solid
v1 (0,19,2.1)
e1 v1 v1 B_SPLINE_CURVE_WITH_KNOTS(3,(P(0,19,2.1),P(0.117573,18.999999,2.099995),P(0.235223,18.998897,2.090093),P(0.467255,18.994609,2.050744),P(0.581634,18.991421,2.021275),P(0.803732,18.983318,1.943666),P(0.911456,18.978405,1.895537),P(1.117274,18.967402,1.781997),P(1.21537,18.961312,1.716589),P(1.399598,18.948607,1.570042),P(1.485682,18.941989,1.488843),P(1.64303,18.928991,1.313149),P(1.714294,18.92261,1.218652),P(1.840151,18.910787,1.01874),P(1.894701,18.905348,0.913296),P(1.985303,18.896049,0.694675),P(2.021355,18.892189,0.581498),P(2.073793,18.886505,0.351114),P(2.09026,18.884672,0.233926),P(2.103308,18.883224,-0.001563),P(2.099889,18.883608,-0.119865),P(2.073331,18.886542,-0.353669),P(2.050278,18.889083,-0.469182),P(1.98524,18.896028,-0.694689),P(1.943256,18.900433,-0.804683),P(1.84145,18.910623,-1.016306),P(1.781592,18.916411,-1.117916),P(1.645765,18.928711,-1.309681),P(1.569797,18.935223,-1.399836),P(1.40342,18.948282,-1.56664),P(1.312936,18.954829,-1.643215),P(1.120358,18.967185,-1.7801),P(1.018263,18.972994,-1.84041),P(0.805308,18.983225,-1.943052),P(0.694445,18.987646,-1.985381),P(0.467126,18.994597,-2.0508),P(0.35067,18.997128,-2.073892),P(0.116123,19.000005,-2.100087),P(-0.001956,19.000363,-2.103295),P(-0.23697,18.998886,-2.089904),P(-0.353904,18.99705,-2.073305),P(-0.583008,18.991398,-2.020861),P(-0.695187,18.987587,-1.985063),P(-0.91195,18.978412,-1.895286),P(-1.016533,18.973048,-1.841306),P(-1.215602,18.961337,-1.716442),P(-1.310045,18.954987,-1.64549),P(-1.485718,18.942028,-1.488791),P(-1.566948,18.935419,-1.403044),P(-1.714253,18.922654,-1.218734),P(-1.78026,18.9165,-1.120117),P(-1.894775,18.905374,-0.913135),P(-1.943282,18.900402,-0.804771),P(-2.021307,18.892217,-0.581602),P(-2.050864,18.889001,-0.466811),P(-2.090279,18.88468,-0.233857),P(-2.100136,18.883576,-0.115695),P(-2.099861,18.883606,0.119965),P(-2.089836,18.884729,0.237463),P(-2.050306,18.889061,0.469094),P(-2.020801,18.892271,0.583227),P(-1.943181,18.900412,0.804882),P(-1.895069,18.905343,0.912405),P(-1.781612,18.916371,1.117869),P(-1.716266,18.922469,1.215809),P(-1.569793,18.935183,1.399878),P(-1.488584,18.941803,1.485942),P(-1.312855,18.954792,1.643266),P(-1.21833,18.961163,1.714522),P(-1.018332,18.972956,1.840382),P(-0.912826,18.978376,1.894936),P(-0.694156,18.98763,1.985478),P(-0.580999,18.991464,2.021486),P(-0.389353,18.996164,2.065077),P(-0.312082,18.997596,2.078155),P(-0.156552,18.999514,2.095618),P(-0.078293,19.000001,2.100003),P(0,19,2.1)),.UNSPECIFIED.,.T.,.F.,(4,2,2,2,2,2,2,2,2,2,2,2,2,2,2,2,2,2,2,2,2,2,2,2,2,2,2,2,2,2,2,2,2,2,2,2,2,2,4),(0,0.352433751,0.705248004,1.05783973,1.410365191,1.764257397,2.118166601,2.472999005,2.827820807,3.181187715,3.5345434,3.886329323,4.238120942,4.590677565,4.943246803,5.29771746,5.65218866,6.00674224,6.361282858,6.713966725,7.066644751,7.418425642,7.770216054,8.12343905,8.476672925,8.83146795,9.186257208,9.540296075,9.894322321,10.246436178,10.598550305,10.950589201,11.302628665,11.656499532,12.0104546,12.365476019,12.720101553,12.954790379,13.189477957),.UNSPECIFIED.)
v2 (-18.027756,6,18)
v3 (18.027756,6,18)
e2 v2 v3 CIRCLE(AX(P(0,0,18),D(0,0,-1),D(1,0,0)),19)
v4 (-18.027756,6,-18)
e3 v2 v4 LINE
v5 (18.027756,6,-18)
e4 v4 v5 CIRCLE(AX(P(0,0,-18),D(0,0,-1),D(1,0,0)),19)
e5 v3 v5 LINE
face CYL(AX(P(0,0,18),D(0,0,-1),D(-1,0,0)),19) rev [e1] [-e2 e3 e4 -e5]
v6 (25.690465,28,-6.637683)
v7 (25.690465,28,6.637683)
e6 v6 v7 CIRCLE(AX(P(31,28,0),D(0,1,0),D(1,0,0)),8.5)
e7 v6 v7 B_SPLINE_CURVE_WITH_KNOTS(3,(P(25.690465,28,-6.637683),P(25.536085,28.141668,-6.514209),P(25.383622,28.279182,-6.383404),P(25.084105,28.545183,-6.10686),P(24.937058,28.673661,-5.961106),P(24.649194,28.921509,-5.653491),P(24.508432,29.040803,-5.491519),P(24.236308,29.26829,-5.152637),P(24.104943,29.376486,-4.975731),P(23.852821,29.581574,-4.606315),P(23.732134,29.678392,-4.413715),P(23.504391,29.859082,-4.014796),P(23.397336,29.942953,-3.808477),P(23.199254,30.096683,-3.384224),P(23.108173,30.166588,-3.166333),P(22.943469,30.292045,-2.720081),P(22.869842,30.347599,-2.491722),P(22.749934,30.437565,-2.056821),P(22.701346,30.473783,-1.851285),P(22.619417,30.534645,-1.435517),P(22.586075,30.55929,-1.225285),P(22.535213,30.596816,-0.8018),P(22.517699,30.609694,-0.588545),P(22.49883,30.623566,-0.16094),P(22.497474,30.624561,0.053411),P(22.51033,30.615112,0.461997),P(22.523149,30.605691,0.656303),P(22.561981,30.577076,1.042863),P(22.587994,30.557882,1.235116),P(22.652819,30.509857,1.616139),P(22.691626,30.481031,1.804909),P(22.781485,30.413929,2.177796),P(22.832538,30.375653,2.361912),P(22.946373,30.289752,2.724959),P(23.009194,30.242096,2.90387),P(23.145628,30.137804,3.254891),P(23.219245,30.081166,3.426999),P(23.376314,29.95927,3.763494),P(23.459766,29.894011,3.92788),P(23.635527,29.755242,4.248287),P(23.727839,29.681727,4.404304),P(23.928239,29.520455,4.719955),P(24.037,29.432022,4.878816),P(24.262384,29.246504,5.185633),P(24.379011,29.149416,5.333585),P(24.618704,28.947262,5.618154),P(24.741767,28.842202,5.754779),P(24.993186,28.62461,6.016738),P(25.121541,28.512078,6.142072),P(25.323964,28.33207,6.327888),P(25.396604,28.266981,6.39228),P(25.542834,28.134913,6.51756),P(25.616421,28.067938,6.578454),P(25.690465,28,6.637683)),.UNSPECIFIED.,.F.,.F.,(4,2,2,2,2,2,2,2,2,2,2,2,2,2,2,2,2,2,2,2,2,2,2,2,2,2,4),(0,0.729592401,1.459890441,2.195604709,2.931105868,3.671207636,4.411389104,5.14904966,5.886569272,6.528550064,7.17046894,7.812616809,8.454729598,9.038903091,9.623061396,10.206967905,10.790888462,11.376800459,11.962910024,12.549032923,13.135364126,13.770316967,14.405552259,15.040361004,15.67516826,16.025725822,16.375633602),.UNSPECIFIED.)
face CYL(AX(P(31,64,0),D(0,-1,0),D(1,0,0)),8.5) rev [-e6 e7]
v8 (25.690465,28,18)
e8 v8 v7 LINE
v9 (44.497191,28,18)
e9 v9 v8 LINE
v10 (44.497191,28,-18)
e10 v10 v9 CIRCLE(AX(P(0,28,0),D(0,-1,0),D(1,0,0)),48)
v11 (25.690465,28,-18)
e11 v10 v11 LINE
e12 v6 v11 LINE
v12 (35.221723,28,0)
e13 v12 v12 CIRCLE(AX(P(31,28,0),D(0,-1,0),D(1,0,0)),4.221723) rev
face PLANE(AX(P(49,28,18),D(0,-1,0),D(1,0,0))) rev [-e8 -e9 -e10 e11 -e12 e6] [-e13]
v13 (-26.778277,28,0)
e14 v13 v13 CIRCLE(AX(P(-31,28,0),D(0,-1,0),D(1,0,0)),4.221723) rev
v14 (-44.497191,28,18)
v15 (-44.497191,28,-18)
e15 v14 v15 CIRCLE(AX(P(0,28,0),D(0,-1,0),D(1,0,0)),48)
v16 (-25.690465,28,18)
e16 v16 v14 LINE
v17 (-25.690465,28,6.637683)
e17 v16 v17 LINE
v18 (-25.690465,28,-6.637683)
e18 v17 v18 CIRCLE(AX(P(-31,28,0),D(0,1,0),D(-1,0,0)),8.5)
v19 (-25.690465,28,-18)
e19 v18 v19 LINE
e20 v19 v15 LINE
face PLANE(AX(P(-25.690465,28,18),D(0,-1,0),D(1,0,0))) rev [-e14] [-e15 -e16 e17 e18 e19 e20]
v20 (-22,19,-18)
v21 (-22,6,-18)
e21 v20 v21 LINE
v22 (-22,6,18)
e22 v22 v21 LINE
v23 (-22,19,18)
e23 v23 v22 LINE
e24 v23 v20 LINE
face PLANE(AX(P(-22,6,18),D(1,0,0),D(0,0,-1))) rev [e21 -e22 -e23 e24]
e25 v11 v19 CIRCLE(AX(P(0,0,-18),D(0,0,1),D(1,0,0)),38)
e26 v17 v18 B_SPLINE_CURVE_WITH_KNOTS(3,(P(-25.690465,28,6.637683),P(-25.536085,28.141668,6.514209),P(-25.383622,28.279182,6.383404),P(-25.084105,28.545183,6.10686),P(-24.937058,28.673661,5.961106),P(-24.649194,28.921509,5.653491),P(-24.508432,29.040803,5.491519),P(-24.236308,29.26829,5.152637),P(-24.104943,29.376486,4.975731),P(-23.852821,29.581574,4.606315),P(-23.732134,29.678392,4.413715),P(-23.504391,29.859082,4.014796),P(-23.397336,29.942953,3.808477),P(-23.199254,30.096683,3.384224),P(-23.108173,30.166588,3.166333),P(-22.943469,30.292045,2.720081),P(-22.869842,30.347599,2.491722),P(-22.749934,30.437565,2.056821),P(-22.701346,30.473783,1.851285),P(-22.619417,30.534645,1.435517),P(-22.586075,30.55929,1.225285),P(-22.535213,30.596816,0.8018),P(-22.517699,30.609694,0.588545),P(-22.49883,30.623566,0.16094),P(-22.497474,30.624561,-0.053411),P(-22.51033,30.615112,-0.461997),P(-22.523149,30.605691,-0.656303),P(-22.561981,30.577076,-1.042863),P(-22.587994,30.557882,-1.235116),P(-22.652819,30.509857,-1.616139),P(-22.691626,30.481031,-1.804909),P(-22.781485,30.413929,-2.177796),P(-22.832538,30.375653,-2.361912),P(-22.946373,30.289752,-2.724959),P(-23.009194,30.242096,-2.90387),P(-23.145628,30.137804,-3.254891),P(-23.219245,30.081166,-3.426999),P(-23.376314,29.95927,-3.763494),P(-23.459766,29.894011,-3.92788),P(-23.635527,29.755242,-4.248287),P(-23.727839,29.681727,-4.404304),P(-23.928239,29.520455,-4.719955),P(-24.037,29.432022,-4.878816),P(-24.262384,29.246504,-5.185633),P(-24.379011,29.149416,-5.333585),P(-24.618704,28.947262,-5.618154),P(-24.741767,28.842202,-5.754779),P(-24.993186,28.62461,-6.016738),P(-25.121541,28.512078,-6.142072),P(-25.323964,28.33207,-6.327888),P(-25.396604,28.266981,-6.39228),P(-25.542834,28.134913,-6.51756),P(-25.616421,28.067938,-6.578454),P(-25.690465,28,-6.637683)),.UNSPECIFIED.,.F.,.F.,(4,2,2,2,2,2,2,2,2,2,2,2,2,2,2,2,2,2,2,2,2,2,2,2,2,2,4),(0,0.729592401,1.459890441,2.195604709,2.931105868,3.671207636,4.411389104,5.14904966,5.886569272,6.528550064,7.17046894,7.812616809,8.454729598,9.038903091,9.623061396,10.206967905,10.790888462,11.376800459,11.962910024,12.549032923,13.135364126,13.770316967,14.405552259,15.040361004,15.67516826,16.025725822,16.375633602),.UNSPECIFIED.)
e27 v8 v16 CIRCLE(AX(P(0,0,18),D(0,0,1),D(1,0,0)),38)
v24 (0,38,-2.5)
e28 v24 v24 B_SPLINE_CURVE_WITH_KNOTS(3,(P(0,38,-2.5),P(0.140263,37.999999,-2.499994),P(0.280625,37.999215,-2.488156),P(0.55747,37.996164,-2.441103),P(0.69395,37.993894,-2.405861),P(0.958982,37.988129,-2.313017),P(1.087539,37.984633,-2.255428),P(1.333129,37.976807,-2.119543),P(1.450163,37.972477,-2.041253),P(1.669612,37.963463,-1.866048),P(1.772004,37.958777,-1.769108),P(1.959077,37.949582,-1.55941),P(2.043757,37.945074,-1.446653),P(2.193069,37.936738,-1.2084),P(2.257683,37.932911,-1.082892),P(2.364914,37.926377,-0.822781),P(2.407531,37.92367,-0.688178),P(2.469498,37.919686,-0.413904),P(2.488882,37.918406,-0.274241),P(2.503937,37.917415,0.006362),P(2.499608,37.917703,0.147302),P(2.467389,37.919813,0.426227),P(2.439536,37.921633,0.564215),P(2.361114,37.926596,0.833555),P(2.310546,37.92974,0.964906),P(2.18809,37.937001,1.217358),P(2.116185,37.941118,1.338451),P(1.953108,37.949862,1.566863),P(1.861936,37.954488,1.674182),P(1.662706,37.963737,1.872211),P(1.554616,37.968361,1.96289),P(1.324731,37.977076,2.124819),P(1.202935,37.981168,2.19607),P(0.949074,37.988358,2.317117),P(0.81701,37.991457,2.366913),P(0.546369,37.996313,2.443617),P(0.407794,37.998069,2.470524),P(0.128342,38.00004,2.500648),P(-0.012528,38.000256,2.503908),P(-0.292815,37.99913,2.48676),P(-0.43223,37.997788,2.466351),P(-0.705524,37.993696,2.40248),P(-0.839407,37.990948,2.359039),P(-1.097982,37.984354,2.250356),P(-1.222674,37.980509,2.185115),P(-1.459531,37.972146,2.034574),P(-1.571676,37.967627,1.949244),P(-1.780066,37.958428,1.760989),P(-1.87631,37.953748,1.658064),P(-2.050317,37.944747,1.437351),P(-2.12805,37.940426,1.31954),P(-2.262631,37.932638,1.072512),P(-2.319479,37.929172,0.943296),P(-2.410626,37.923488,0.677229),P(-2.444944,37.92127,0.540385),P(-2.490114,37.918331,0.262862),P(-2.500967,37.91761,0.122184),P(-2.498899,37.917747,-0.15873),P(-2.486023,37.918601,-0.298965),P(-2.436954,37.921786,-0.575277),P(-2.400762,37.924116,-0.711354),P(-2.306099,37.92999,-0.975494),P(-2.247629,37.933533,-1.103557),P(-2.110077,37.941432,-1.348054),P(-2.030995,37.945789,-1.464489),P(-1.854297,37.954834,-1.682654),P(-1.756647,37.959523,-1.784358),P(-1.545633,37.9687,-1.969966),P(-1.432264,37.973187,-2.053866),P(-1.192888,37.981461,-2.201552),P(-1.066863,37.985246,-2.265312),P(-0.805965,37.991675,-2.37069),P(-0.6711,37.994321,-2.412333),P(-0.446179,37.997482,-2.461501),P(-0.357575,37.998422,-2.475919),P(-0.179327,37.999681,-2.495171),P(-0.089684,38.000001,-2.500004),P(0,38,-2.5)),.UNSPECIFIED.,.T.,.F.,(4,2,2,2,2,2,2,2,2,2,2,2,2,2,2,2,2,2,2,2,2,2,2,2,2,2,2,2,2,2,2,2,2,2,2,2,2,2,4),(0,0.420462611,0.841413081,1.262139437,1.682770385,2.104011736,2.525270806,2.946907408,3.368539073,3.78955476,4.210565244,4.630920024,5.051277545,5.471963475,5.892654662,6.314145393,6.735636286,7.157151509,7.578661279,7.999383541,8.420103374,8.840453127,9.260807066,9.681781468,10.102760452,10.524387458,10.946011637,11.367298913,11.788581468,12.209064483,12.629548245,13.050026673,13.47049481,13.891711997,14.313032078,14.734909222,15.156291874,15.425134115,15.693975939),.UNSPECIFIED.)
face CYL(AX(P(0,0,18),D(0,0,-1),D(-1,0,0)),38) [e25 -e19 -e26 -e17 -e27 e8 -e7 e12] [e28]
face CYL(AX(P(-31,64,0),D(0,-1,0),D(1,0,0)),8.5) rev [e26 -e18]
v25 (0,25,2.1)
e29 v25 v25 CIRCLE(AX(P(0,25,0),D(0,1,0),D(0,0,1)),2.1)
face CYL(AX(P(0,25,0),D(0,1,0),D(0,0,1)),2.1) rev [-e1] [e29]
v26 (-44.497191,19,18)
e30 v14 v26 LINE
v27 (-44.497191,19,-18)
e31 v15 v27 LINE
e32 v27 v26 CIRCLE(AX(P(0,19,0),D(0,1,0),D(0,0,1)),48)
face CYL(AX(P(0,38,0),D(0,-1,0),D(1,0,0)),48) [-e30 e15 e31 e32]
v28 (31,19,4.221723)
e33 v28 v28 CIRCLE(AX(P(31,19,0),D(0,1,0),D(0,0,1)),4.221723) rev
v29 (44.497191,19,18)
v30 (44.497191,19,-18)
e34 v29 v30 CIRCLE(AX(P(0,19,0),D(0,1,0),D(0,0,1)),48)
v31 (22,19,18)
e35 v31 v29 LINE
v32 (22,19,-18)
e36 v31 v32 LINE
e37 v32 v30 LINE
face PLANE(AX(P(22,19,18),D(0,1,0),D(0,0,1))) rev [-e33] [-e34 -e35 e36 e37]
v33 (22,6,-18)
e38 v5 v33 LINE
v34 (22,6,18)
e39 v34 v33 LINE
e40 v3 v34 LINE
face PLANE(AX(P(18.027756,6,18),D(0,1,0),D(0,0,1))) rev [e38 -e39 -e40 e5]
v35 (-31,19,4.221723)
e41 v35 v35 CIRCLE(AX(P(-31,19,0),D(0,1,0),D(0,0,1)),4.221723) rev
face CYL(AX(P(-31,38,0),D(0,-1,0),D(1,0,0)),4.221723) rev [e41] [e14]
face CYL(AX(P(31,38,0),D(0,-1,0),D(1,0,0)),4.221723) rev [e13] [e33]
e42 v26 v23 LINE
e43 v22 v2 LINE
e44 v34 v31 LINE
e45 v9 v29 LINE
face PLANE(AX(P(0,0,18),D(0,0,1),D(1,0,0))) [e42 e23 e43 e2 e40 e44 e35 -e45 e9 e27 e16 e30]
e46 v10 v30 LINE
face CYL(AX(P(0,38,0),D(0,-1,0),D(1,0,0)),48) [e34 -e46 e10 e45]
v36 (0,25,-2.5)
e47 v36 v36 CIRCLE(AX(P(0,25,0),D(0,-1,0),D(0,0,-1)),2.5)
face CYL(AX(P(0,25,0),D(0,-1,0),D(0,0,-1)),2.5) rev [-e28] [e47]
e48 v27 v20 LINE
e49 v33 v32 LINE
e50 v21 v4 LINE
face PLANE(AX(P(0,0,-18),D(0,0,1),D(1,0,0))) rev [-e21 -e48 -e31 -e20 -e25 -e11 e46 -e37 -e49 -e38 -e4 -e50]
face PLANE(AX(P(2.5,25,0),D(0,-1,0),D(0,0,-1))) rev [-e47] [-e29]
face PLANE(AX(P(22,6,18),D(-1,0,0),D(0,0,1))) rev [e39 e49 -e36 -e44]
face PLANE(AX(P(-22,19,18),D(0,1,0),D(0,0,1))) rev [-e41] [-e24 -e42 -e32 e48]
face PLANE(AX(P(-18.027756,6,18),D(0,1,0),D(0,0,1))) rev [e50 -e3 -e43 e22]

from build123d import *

# Parameters (mm, degrees)
BOSS_EXTRUDE1_DEPTH            = 18
CUT_EXTRUDE1_REACH             = 24
SKETCH2_R                      = 4.221723053
CUT_EXTRUDE1_DIRECTION_2_DEPTH = 11
SKETCH3_R                      = 8.5
CUT_EXTRUDE2_DEPTH             = 36
SKETCH18_W                     = 2.5
SKETCH18_H                     = 13
M5_TAPPED_HOLE1_D              = 4.2


with BuildPart() as part:
    # Sketch1 → Boss-Extrude1 (new body, symmetric)
    with BuildSketch(Plane.XY):
        with BuildLine():
            Line((18.027756377, 6), (22, 6))
            Line((22, 6), (22, 19))
            Line((22, 19), (49, 19))
            Line((49, 19), (49, 28))
            Line((49, 28), (25.690465157, 28))
            ThreePointArc((25.690465157, 28), (0, 38), (-25.690465157, 28))
            Line((-25.690465157, 28), (-49, 28))
            Line((-49, 28), (-49, 19))
            Line((-49, 19), (-22, 19))
            Line((-22, 19), (-22, 6))
            Line((-22, 6), (-18.027756377, 6))
            ThreePointArc((-18.027756377, 6), (0, 19), (18.027756377, 6))
        make_face()
    extrude(amount=BOSS_EXTRUDE1_DEPTH, both=True)

    # Sketch2 → Cut-Extrude1 (cut, up to next)
    with BuildSketch(Plane(origin=(0, 28, 0), x_dir=(1, 0, 0), z_dir=(0, 1, 0)), mode=Mode.PRIVATE) as cut_extrude1_sk1:
        with Locations((-31, 0)):
            Circle(SKETCH2_R)
    cut_extrude1_tool1 = extrude(cut_extrude1_sk1.sketch, amount=-CUT_EXTRUDE1_REACH, mode=Mode.PRIVATE) & part.part
    add(cut_extrude1_tool1.solids().sort_by_distance((-31, 28, 0))[0], mode=Mode.SUBTRACT)
    # Sketch2 → Cut-Extrude1 (cut, up to next)
    with BuildSketch(Plane(origin=(0, 28, 0), x_dir=(1, 0, 0), z_dir=(0, 1, 0)), mode=Mode.PRIVATE) as cut_extrude1_sk2:
        with Locations((31, 0)):
            Circle(SKETCH2_R)
    cut_extrude1_tool2 = extrude(cut_extrude1_sk2.sketch, amount=-CUT_EXTRUDE1_REACH, mode=Mode.PRIVATE) & part.part
    add(cut_extrude1_tool2.solids().sort_by_distance((31, 28, 0))[0], mode=Mode.SUBTRACT)
    # Sketch2 → Cut-Extrude1 (cut, up to next)
    with BuildSketch(Plane(origin=(0, 28, 0), x_dir=(1, 0, 0), z_dir=(0, 1, 0)), mode=Mode.PRIVATE) as cut_extrude1_sk3:
        with BuildLine():
            Line((-44.497190923, 18), (-49, 18))
            Line((-49, 18), (-49, -18))
            Line((-49, -18), (-44.497190923, -18))
            ThreePointArc((-44.497190923, -18), (-48, 0), (-44.497190923, 18))
        make_face()
    cut_extrude1_tool3 = extrude(cut_extrude1_sk3.sketch, amount=-CUT_EXTRUDE1_REACH, mode=Mode.PRIVATE) & part.part
    add(cut_extrude1_tool3.solids().sort_by_distance((-48.362805, 28, 0))[0], mode=Mode.SUBTRACT)
    # Sketch2 → Cut-Extrude1 (cut, up to next)
    with BuildSketch(Plane(origin=(0, 28, 0), x_dir=(1, 0, 0), z_dir=(0, 1, 0)), mode=Mode.PRIVATE) as cut_extrude1_sk4:
        with BuildLine():
            Line((44.497190923, -18), (49, -18))
            Line((49, -18), (49, 18))
            Line((49, 18), (44.497190923, 18))
            ThreePointArc((44.497190923, 18), (48, 0), (44.497190923, -18))
        make_face()
    cut_extrude1_tool4 = extrude(cut_extrude1_sk4.sketch, amount=-CUT_EXTRUDE1_REACH, mode=Mode.PRIVATE) & part.part
    add(cut_extrude1_tool4.solids().sort_by_distance((46.748595, 28, 17.637195))[0], mode=Mode.SUBTRACT)

    # Sketch2 → Cut-Extrude1 direction 2 (cut)
    with BuildSketch(Plane(origin=(0, 28, 0), x_dir=(1, 0, 0), z_dir=(0, 1, 0))):
        with Locations((-31, 0)):
            Circle(SKETCH2_R)
        with Locations((31, 0)):
            Circle(SKETCH2_R)
        with BuildLine():
            Line((-44.497190923, 18), (-49, 18))
            Line((-49, 18), (-49, -18))
            Line((-49, -18), (-44.497190923, -18))
            ThreePointArc((-44.497190923, -18), (-48, 0), (-44.497190923, 18))
        make_face()
        with BuildLine():
            Line((44.497190923, -18), (49, -18))
            Line((49, -18), (49, 18))
            Line((49, 18), (44.497190923, 18))
            ThreePointArc((44.497190923, 18), (48, 0), (44.497190923, -18))
        make_face()
    extrude(amount=CUT_EXTRUDE1_DIRECTION_2_DEPTH, mode=Mode.SUBTRACT)

    # Sketch3 → Cut-Extrude2 (cut)
    with BuildSketch(Plane(origin=(0, 28, 0), x_dir=(1, 0, 0), z_dir=(0, 1, 0))):
        with Locations((-31, 0)):
            Circle(SKETCH3_R)
        with Locations((31, 0)):
            Circle(SKETCH3_R)
    extrude(amount=CUT_EXTRUDE2_DEPTH, mode=Mode.SUBTRACT)

    # Sketch18 → M6 Tapped Hole2 (revolve, cut)
    with BuildSketch(Plane(origin=(0, 25, 0), x_dir=(0, 0, -1), z_dir=(1, 0, 0))):
        with Locations((1.25, 6.5)):
            Rectangle(SKETCH18_W, SKETCH18_H)
    revolve(axis=Axis((0, 18.65, 0), (0, 1, 0)), mode=Mode.SUBTRACT)

    # M5 Tapped Hole1 (through all)
    with Locations(Plane(origin=(0, 25, 0), x_dir=(1, 0, 0), z_dir=(0, 1, 0))):
        with Locations((0, 0)):
            Hole(M5_TAPPED_HOLE1_D / 2)


solid = part.part
